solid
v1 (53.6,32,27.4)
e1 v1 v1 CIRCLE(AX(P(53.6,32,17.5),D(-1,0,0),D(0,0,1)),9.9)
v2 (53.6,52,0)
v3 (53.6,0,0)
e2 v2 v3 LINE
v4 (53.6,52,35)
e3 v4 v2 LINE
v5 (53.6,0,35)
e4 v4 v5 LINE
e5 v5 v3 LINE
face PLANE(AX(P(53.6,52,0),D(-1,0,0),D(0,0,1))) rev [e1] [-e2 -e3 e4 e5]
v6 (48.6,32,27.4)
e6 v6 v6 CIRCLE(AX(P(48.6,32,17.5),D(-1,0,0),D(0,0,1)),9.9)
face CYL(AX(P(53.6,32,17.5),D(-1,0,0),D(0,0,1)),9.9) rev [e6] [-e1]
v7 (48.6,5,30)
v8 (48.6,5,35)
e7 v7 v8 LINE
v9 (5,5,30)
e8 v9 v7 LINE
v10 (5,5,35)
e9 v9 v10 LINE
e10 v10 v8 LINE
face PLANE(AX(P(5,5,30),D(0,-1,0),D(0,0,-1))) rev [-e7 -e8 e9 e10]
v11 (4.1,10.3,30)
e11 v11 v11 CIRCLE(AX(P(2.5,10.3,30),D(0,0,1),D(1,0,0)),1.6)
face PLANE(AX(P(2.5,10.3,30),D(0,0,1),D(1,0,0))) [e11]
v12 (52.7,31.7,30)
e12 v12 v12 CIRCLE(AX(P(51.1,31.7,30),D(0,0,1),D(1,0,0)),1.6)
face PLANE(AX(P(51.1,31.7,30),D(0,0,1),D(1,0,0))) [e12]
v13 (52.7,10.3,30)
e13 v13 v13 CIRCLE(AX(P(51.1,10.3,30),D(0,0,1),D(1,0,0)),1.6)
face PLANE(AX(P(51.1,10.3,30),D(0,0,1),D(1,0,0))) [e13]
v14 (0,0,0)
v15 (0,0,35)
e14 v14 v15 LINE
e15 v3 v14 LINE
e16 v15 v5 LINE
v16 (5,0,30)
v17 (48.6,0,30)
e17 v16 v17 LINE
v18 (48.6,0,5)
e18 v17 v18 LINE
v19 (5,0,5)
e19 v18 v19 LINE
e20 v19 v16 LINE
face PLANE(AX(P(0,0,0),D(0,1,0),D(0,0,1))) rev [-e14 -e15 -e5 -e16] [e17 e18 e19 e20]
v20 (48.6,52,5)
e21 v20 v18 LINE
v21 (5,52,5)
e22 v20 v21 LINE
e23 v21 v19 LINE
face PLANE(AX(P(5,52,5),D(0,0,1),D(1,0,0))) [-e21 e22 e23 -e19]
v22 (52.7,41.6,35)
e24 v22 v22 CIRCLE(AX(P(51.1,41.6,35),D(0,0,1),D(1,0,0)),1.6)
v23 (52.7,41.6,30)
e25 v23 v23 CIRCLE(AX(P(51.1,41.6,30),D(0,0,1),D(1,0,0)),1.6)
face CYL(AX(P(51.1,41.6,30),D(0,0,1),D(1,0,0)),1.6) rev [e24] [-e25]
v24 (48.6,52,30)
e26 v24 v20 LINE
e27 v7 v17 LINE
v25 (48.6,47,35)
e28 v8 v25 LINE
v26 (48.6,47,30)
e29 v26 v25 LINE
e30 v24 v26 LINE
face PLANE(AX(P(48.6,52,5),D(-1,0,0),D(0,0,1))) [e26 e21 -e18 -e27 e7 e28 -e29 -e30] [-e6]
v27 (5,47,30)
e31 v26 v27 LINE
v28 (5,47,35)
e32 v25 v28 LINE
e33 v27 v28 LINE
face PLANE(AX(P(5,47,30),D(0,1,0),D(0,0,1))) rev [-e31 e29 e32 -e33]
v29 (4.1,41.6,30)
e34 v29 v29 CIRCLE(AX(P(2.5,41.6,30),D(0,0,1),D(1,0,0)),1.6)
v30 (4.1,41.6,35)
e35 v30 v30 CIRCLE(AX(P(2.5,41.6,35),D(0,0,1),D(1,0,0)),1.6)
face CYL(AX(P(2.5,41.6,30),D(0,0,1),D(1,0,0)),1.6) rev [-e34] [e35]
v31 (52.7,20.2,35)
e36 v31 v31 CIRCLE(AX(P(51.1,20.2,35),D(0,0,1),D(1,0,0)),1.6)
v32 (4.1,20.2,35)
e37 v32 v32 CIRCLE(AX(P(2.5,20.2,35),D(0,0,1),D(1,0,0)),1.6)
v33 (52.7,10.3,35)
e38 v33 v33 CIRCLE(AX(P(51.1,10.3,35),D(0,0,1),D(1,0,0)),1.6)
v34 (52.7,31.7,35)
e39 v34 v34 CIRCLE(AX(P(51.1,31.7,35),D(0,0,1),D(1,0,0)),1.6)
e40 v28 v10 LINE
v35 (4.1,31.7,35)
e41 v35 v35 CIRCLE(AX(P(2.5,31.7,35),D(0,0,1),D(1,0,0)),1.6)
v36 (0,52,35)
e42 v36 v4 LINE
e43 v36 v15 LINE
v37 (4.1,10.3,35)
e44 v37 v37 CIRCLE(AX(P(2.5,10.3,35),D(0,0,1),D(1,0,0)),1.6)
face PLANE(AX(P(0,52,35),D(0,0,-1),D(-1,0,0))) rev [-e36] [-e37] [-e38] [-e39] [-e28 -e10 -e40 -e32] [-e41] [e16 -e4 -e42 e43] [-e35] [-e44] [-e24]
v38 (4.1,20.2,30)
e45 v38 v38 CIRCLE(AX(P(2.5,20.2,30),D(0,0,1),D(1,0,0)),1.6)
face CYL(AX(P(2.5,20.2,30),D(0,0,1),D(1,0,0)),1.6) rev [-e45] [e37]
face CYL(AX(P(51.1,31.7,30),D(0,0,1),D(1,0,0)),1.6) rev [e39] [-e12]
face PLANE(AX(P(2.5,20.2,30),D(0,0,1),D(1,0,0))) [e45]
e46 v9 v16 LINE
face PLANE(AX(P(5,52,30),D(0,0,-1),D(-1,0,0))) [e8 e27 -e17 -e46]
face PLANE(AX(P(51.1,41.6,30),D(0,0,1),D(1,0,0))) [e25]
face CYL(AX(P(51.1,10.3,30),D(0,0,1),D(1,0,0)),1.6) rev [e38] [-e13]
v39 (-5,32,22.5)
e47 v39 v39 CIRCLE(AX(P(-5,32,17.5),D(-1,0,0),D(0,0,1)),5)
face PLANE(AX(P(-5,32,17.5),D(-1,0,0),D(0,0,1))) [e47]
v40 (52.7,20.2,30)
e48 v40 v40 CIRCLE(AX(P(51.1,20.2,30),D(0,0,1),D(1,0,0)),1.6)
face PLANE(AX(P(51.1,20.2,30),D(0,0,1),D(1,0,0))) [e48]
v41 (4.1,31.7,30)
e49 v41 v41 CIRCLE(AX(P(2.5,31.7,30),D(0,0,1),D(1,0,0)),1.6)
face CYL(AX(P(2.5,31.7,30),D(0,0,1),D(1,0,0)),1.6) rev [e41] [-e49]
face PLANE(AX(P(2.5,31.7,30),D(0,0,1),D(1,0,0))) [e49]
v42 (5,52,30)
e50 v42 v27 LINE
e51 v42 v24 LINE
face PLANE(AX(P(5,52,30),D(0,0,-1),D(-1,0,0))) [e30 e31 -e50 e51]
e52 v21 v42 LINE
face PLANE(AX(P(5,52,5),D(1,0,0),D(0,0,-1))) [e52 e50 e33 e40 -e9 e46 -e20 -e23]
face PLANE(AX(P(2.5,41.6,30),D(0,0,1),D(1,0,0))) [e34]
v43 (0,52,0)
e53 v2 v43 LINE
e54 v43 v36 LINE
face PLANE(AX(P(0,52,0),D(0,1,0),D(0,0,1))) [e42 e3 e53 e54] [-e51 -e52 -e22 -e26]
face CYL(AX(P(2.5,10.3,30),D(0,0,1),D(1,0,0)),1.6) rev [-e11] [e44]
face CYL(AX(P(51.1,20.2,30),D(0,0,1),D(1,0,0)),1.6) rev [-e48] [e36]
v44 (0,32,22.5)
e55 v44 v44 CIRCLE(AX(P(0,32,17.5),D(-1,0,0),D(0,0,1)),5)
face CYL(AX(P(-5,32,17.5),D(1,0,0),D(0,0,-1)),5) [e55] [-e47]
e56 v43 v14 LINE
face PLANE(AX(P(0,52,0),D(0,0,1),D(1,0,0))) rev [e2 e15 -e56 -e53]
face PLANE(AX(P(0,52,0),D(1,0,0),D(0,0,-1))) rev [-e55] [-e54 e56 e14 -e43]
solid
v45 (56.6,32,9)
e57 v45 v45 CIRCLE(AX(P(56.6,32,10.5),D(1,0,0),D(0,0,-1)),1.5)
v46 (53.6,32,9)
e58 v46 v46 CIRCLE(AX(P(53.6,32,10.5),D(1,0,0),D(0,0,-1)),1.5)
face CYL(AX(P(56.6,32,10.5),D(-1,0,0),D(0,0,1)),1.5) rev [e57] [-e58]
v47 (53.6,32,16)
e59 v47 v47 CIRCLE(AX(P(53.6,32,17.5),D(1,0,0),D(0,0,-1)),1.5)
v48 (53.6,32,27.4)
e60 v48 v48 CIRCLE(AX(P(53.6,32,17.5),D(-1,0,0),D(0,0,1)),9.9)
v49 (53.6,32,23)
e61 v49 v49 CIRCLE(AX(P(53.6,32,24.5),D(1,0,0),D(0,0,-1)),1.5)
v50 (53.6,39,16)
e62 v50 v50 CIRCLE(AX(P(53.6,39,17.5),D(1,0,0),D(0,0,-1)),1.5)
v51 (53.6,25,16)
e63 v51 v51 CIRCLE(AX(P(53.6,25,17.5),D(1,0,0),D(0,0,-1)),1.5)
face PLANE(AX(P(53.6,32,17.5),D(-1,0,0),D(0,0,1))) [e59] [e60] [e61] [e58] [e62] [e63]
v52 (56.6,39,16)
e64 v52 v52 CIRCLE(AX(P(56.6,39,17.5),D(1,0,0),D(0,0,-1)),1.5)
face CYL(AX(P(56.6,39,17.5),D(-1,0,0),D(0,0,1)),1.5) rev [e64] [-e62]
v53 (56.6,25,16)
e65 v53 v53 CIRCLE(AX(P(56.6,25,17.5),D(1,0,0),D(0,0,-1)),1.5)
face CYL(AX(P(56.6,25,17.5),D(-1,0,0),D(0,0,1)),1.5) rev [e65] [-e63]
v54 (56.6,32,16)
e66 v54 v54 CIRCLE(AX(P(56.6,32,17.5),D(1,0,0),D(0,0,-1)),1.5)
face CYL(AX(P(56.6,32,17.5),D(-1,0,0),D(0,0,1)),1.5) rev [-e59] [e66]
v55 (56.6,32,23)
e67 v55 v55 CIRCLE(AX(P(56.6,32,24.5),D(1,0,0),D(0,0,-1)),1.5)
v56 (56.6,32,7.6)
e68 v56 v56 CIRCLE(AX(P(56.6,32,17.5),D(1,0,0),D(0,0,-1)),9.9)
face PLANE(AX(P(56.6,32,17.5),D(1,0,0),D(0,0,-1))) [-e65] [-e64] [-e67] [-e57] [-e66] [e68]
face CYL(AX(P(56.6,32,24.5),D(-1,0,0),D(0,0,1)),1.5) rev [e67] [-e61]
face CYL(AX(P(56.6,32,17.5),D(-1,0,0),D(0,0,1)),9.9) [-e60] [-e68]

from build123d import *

# Parameters (mm, degrees)
SKETCH1_W           = 53.6
SKETCH1_H           = 35
SKETCH1_W_2         = 43.6
SKETCH1_H_2         = 25
BOSS_EXTRUDE1_DEPTH = 52
SKETCH2_W           = 43.6
SKETCH2_H           = 42
CUT_EXTRUDE1_DEPTH  = 5
SKETCH3_R           = 1.6
SKETCH3_W           = 40
SKETCH3_H           = 20.5
CUT_EXTRUDE2_DEPTH  = 5
SKETCH4_R           = 9.9
SKETCH4_R_2         = 1.5
BOSS_EXTRUDE2_DEPTH = 3
SKETCH5_R           = 9.9
CUT_EXTRUDE3_DEPTH  = 5
SKETCH6_R           = 5
BOSS_EXTRUDE3_DEPTH = 5


with BuildPart() as part:
    # Sketch1 → Boss-Extrude1 (new body)
    with BuildSketch(Plane(origin=(0, 0, 0), x_dir=(1, 0, 0), z_dir=(0, 1, 0))):
        with Locations((26.8, -17.5)):
            Rectangle(SKETCH1_W, SKETCH1_H)
        with Locations((26.8, -17.5)):
            Rectangle(SKETCH1_W_2, SKETCH1_H_2, mode=Mode.SUBTRACT)
    extrude(amount=BOSS_EXTRUDE1_DEPTH)

    # Sketch2 → Cut-Extrude1 (cut)
    with BuildSketch(Plane.XY.offset(35)):
        with Locations((26.8, 26)):
            Rectangle(SKETCH2_W, SKETCH2_H)
    extrude(amount=-CUT_EXTRUDE1_DEPTH, mode=Mode.SUBTRACT)

    # Sketch3 → Cut-Extrude2 (cut)
    with BuildSketch(Plane.XY.offset(35)):
        with Locations((51.1, 20.2)):
            Circle(SKETCH3_R)
        with Locations((51.1, 10.3)):
            Circle(SKETCH3_R)
        with Locations((2.5, 10.3)):
            Circle(SKETCH3_R)
        with Locations((2.5, 20.2)):
            Circle(SKETCH3_R)
        with Locations((51.1, 41.6)):
            Circle(SKETCH3_R)
        with Locations((51.1, 31.7)):
            Circle(SKETCH3_R)
        with Locations((2.5, 31.7)):
            Circle(SKETCH3_R)
        with Locations((2.5, 41.6)):
            Circle(SKETCH3_R)
        with Locations((26.8, 15.25)):
            Rectangle(SKETCH3_W, SKETCH3_H)
        with Locations((26.8, 36.65)):
            Rectangle(SKETCH3_W, SKETCH3_H)
    extrude(amount=-CUT_EXTRUDE2_DEPTH, mode=Mode.SUBTRACT)

    # Sketch4 → Boss-Extrude2 (add)
    with BuildSketch(Plane(origin=(53.6, 0, 0), x_dir=(0, 0, -1), z_dir=(1, 0, 0))):
        with Locations((-17.5, 32)):
            Circle(SKETCH4_R)
        with Locations((-17.5, 39)):
            Circle(SKETCH4_R_2, mode=Mode.SUBTRACT)
        with Locations((-10.5, 32)):
            Circle(SKETCH4_R_2, mode=Mode.SUBTRACT)
        with Locations((-17.5, 25)):
            Circle(SKETCH4_R_2, mode=Mode.SUBTRACT)
        with Locations((-24.5, 32)):
            Circle(SKETCH4_R_2, mode=Mode.SUBTRACT)
        with Locations((-17.5, 32)):
            Circle(SKETCH4_R_2, mode=Mode.SUBTRACT)
    extrude(amount=BOSS_EXTRUDE2_DEPTH)

    # Sketch5 → Cut-Extrude3 (cut)
    with BuildSketch(Plane.ZY.offset(-48.6)):
        with Locations((17.5, 32)):
            Circle(SKETCH5_R)
    extrude(amount=-CUT_EXTRUDE3_DEPTH, mode=Mode.SUBTRACT)


with BuildPart() as cut_extrude3_piece_1:
    # of the separate pieces the step leaves, piece 1, a body of its own (cut_extrude3_pieces)
    add(part.part.solids().sort_by_distance((0, 0, 0))[0])

    # Sketch6 → Boss-Extrude3 (add)
    with BuildSketch(Plane.ZY):
        with Locations((17.5, 32)):
            Circle(SKETCH6_R)
    extrude(amount=BOSS_EXTRUDE3_DEPTH)


with BuildPart() as cut_extrude3_piece_2:
    # of the separate pieces the step leaves, piece 2, a body of its own (cut_extrude3_pieces)
    add(part.part.solids().sort_by_distance((56.6, 32, 7.6))[0])


solid = Compound([cut_extrude3_piece_1.part, cut_extrude3_piece_2.part])
